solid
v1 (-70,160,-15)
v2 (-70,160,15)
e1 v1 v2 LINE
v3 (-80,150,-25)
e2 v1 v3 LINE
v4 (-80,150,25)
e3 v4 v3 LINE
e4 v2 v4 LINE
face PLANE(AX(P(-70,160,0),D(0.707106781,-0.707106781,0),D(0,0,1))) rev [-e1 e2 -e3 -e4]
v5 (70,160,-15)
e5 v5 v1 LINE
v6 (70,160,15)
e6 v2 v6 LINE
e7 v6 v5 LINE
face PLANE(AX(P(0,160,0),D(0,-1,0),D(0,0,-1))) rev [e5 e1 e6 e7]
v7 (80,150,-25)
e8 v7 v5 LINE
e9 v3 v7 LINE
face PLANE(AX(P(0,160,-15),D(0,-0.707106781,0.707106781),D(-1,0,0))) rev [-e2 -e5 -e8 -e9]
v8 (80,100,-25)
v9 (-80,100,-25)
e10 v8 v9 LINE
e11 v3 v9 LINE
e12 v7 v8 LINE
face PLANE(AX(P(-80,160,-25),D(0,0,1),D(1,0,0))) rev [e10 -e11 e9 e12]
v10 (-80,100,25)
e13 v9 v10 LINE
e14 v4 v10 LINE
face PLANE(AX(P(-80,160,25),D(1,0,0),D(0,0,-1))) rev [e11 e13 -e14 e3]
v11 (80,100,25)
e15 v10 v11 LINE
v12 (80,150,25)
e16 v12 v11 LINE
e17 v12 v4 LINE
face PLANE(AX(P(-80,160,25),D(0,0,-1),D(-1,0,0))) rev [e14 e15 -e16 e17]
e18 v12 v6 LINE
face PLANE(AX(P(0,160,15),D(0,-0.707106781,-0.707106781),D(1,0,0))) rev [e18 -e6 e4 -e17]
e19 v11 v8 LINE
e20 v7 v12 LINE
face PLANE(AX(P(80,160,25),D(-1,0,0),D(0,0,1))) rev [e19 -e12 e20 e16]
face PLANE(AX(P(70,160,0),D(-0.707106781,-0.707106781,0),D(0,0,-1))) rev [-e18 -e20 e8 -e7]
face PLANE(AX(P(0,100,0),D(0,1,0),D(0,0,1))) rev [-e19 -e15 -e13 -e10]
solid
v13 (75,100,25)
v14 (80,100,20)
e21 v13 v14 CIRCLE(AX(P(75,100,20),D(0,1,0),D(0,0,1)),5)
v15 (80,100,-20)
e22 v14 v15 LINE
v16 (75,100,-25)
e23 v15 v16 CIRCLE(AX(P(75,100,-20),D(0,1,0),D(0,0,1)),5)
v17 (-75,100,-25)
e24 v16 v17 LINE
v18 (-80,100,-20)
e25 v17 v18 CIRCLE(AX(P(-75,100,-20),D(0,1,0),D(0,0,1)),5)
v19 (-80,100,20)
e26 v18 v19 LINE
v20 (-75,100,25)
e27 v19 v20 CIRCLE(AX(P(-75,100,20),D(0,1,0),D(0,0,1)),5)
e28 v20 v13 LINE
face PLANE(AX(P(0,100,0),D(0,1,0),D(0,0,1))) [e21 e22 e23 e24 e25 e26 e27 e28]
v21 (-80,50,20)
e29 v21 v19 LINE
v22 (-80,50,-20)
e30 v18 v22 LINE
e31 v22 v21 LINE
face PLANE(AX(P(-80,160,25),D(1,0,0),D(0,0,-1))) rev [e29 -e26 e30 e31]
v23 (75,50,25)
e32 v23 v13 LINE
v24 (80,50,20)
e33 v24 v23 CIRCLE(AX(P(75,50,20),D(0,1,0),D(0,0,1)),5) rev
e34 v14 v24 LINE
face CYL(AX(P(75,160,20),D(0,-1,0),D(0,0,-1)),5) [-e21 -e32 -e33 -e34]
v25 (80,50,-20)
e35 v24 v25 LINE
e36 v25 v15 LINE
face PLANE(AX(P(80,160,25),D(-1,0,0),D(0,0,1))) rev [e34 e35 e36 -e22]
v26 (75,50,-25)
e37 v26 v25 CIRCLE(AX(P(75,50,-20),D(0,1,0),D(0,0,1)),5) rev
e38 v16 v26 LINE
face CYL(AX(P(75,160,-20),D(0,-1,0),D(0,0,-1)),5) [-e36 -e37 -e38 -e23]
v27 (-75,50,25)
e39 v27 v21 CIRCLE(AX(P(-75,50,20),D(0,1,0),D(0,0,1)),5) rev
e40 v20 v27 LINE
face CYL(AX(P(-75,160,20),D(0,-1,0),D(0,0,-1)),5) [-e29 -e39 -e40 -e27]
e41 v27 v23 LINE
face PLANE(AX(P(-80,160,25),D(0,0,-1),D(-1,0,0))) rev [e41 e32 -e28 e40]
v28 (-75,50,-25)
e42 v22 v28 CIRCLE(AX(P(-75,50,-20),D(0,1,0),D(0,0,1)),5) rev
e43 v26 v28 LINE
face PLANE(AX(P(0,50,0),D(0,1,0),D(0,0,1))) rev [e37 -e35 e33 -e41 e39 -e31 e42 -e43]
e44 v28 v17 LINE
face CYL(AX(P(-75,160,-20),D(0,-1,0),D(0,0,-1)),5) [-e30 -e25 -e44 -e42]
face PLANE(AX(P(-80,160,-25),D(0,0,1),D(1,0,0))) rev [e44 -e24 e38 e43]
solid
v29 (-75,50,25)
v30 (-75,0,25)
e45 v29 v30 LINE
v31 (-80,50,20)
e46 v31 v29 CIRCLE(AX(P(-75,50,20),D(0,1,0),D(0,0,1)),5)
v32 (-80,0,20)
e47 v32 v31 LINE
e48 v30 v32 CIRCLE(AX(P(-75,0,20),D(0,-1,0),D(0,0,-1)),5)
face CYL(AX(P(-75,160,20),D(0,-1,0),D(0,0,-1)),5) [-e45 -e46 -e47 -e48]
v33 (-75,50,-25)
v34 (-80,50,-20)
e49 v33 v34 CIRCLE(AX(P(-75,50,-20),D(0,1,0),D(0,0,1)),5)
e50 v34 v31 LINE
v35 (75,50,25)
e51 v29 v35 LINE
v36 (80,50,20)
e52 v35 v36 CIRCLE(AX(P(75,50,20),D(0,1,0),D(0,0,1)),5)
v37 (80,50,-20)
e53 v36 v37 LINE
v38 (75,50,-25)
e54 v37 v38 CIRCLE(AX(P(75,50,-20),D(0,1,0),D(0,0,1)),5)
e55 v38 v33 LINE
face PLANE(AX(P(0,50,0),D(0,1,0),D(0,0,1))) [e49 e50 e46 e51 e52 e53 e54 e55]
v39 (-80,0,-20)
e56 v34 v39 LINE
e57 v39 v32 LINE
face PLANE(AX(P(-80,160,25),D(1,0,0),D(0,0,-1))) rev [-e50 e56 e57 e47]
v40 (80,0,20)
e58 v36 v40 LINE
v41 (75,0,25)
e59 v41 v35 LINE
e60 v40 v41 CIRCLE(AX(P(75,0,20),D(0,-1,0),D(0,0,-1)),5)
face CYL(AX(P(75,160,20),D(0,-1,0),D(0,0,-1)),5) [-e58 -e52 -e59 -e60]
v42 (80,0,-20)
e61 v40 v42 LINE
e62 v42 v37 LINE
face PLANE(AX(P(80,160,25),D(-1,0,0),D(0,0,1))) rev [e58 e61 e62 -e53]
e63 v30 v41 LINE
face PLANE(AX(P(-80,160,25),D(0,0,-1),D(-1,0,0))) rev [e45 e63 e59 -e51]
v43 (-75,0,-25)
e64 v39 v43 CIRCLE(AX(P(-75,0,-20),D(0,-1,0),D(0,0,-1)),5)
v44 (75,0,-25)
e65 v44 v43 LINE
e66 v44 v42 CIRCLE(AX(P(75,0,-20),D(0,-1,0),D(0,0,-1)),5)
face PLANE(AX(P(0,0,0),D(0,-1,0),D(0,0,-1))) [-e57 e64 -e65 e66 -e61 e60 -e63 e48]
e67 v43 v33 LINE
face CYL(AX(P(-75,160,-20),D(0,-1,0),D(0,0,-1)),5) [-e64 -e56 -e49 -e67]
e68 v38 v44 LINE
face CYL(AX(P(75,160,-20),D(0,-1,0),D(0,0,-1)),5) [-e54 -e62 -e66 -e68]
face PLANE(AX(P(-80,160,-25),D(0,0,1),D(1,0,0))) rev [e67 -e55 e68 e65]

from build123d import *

# Parameters (mm, degrees)
SKETCH1_W           = 160
SKETCH1_H           = 50
BOSS_EXTRUDE1_DEPTH = 160
CHAMFER1_SIZE       = 10
FILLET2_R           = 5
FILLET3_R           = 5


with BuildPart() as part:
    # Sketch1 → Boss-Extrude1 (new body)
    with BuildSketch(Plane(origin=(0, 0, 0), x_dir=(1, 0, 0), z_dir=(0, 1, 0))):
        Rectangle(SKETCH1_W, SKETCH1_H)
    extrude(amount=BOSS_EXTRUDE1_DEPTH)

    # Chamfer1
    chamfer1_edges = [part.edges().sort_by_distance(p)[0] for p in [
        (-80, 160, 0),
        (0, 160, 25),
        (80, 160, 0),
        (0, 160, -25),
    ]]
    chamfer(chamfer1_edges, length=CHAMFER1_SIZE)


with BuildPart() as body_2:
    # Split1: the piece on the far side of the plane
    add(part.part)
    split(bisect_by=Plane.ZX.offset(50), keep=Keep.BOTTOM)

    # Fillet2
    fillet2_edges = [body_2.edges().sort_by_distance(p)[0] for p in [
        (80, 25, 25),
        (-80, 25, 25),
        (-80, 25, -25),
        (80, 25, -25),
    ]]
    fillet(fillet2_edges, radius=FILLET2_R)


with BuildPart() as part_1:
    add(part.part)

    # Split1
    split(bisect_by=Plane.ZX.offset(50), keep=Keep.TOP)


with BuildPart() as body_3:
    # Split2: the piece on the far side of the plane
    add(part_1.part)
    split(bisect_by=Plane.ZX.offset(100), keep=Keep.BOTTOM)

    # Fillet3
    fillet3_edges = [body_3.edges().sort_by_distance(p)[0] for p in [
        (80, 75, 25),
        (-80, 75, 25),
        (-80, 75, -25),
        (80, 75, -25),
    ]]
    fillet(fillet3_edges, radius=FILLET3_R)


with BuildPart() as part_2:
    add(part_1.part)

    # Split2
    split(bisect_by=Plane.ZX.offset(100), keep=Keep.TOP)


solid = Compound([body_2.part, body_3.part, part_2.part])
